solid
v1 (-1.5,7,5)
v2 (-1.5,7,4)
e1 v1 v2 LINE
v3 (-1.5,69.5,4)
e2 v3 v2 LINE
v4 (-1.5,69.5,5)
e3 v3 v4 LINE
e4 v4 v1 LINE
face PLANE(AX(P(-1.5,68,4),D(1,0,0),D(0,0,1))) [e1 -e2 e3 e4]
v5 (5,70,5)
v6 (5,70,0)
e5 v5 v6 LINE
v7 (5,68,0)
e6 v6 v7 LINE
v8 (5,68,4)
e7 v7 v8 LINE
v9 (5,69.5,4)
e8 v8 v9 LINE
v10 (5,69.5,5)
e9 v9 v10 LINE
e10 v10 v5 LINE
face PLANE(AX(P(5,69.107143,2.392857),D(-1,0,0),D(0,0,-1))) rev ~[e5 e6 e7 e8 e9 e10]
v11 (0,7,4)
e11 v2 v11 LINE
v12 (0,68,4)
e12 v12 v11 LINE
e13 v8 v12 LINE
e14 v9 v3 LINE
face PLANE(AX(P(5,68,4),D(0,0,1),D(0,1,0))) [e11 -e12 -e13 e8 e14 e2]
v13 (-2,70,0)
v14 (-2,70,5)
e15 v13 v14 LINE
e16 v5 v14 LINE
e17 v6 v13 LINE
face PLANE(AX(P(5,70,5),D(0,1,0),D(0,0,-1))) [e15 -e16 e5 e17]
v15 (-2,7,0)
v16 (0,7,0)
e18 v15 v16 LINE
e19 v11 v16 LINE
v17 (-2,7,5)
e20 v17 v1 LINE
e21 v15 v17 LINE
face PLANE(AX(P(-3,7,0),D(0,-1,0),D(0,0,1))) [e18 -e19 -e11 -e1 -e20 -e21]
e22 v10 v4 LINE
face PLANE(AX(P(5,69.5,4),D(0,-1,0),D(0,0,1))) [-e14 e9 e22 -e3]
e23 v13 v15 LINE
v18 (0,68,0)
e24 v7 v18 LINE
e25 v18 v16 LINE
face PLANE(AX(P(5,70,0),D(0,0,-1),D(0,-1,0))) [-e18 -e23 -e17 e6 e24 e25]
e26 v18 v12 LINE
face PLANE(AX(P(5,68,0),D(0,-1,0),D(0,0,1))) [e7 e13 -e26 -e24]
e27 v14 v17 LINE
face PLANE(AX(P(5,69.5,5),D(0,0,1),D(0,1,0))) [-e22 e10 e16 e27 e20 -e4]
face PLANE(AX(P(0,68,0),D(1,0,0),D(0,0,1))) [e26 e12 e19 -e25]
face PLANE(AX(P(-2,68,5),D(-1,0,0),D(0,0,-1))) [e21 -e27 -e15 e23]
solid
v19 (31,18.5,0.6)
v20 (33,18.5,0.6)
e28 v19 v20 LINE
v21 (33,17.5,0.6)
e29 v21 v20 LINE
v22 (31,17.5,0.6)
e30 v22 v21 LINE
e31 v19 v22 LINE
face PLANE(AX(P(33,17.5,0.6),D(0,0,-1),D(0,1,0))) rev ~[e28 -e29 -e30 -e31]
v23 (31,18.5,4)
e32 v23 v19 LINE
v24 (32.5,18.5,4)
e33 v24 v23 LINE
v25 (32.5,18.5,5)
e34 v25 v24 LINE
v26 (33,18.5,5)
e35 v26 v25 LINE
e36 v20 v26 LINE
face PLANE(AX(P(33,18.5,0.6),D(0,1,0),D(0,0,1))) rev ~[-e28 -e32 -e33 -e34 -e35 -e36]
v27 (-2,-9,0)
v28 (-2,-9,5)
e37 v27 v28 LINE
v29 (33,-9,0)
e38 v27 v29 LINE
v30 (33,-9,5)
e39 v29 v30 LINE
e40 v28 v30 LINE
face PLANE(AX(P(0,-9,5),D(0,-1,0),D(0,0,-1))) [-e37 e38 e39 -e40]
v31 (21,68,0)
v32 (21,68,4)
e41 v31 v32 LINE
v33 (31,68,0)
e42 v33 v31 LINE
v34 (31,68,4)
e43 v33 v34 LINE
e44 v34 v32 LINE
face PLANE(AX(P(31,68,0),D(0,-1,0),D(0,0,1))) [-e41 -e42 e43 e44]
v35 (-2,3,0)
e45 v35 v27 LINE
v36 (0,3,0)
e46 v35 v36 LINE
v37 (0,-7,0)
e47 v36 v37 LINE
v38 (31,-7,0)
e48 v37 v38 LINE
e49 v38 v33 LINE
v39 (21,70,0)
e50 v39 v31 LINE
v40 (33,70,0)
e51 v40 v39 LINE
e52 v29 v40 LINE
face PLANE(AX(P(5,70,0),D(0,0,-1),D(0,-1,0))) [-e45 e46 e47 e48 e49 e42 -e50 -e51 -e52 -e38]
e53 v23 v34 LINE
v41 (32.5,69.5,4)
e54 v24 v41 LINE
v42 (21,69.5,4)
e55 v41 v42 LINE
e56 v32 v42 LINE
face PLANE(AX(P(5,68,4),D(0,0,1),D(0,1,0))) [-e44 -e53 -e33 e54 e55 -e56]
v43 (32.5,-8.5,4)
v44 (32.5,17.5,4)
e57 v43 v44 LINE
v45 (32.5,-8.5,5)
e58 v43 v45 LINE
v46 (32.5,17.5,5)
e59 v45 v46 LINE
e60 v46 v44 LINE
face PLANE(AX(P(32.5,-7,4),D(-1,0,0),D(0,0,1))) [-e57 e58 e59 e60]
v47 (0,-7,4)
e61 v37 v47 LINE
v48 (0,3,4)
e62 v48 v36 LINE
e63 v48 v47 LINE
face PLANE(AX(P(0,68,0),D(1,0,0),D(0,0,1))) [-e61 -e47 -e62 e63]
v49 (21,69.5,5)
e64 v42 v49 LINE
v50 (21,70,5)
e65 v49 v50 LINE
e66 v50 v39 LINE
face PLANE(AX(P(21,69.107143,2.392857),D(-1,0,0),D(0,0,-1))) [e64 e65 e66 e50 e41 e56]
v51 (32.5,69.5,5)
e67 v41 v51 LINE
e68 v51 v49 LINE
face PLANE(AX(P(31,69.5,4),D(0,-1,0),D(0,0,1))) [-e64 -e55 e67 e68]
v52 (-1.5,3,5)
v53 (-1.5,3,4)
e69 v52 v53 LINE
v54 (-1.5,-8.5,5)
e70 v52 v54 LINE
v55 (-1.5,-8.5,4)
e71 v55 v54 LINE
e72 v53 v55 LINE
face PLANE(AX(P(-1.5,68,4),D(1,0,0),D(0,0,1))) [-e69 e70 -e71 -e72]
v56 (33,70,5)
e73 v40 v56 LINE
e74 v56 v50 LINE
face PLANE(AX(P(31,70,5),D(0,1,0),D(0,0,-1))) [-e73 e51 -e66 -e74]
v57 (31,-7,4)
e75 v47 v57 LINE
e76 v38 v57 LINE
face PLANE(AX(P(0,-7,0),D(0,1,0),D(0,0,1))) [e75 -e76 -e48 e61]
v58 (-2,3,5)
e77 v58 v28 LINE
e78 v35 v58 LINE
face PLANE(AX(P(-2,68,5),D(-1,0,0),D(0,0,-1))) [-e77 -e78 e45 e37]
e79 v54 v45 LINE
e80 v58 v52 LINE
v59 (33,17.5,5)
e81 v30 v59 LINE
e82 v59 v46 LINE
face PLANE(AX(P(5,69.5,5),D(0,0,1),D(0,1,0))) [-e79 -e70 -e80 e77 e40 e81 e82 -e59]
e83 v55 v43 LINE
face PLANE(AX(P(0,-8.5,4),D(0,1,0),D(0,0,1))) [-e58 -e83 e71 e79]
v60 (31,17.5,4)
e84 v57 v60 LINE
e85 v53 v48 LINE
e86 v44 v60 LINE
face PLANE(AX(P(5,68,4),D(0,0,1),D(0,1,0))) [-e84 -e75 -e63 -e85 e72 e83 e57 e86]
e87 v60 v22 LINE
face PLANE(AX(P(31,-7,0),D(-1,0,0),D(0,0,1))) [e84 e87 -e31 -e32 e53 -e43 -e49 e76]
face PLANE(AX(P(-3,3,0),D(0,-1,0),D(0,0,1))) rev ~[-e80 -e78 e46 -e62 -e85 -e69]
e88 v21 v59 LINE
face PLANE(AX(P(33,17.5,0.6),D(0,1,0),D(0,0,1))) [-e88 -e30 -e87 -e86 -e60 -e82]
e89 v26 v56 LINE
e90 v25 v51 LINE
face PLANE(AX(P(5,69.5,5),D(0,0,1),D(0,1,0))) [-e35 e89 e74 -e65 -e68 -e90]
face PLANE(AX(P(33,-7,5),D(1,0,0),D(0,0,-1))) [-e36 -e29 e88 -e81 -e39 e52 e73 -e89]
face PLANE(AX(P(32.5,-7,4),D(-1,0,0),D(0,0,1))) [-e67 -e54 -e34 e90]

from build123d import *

# Parameters (mm, degrees)
SKETCH010_W           = 4
SKETCH010_H           = 5
EXTRUDE008_DEPTH      = 4
SKETCH009_W           = 1
SKETCH009_H           = 6
EXTRUDE007_DEPTH      = 1
EXTRUDE007_DEPTH_BACK = 3


with BuildPart() as led004:
    # Sketch010 → Extrude008 (new body)
    with BuildSketch(Plane(origin=(-3, 0, 0), x_dir=(0, -1, 0), z_dir=(-1, 0, 0))):
        with Locations((-5, 2.5)):
            Rectangle(SKETCH010_W, SKETCH010_H)
    extrude(amount=-EXTRUDE008_DEPTH)


with BuildPart() as compound:
    # Sketch009 → Extrude007 (new body, two sides)
    with BuildSketch(Plane.YZ.offset(33)) as extrude007_sk:
        with Locations((18, 3.6)):
            Rectangle(SKETCH009_W, SKETCH009_H)
    extrude(amount=EXTRUDE007_DEPTH)
    extrude(extrude007_sk.sketch, amount=-EXTRUDE007_DEPTH_BACK)

    # Compound: union led004
    add(led004.part)


with BuildPart() as cut:
    # Sweep: sweep along a path in Sketch003
    with BuildLine(Plane.XY) as sweep_path:
        Line((5, 68), (0, 68))
        Line((0, 68), (0, -7))
        Line((0, -7), (31, -7))
        Line((31, -7), (31, 68))
        Line((31, 68), (21, 68))
    # Sketch002 → Sweep (sweep)
    with BuildSketch(Plane.YZ.offset(16)):
        Polygon((-7, 0), (-7, 4), (-8.5, 4), (-8.5, 5), (-9, 5), (-9, 0), align=None)
    sweep(path=sweep_path.line, transition=Transition.RIGHT)

    # Cut: cut Compound
    add(compound.part, mode=Mode.SUBTRACT)


solid = cut.part
